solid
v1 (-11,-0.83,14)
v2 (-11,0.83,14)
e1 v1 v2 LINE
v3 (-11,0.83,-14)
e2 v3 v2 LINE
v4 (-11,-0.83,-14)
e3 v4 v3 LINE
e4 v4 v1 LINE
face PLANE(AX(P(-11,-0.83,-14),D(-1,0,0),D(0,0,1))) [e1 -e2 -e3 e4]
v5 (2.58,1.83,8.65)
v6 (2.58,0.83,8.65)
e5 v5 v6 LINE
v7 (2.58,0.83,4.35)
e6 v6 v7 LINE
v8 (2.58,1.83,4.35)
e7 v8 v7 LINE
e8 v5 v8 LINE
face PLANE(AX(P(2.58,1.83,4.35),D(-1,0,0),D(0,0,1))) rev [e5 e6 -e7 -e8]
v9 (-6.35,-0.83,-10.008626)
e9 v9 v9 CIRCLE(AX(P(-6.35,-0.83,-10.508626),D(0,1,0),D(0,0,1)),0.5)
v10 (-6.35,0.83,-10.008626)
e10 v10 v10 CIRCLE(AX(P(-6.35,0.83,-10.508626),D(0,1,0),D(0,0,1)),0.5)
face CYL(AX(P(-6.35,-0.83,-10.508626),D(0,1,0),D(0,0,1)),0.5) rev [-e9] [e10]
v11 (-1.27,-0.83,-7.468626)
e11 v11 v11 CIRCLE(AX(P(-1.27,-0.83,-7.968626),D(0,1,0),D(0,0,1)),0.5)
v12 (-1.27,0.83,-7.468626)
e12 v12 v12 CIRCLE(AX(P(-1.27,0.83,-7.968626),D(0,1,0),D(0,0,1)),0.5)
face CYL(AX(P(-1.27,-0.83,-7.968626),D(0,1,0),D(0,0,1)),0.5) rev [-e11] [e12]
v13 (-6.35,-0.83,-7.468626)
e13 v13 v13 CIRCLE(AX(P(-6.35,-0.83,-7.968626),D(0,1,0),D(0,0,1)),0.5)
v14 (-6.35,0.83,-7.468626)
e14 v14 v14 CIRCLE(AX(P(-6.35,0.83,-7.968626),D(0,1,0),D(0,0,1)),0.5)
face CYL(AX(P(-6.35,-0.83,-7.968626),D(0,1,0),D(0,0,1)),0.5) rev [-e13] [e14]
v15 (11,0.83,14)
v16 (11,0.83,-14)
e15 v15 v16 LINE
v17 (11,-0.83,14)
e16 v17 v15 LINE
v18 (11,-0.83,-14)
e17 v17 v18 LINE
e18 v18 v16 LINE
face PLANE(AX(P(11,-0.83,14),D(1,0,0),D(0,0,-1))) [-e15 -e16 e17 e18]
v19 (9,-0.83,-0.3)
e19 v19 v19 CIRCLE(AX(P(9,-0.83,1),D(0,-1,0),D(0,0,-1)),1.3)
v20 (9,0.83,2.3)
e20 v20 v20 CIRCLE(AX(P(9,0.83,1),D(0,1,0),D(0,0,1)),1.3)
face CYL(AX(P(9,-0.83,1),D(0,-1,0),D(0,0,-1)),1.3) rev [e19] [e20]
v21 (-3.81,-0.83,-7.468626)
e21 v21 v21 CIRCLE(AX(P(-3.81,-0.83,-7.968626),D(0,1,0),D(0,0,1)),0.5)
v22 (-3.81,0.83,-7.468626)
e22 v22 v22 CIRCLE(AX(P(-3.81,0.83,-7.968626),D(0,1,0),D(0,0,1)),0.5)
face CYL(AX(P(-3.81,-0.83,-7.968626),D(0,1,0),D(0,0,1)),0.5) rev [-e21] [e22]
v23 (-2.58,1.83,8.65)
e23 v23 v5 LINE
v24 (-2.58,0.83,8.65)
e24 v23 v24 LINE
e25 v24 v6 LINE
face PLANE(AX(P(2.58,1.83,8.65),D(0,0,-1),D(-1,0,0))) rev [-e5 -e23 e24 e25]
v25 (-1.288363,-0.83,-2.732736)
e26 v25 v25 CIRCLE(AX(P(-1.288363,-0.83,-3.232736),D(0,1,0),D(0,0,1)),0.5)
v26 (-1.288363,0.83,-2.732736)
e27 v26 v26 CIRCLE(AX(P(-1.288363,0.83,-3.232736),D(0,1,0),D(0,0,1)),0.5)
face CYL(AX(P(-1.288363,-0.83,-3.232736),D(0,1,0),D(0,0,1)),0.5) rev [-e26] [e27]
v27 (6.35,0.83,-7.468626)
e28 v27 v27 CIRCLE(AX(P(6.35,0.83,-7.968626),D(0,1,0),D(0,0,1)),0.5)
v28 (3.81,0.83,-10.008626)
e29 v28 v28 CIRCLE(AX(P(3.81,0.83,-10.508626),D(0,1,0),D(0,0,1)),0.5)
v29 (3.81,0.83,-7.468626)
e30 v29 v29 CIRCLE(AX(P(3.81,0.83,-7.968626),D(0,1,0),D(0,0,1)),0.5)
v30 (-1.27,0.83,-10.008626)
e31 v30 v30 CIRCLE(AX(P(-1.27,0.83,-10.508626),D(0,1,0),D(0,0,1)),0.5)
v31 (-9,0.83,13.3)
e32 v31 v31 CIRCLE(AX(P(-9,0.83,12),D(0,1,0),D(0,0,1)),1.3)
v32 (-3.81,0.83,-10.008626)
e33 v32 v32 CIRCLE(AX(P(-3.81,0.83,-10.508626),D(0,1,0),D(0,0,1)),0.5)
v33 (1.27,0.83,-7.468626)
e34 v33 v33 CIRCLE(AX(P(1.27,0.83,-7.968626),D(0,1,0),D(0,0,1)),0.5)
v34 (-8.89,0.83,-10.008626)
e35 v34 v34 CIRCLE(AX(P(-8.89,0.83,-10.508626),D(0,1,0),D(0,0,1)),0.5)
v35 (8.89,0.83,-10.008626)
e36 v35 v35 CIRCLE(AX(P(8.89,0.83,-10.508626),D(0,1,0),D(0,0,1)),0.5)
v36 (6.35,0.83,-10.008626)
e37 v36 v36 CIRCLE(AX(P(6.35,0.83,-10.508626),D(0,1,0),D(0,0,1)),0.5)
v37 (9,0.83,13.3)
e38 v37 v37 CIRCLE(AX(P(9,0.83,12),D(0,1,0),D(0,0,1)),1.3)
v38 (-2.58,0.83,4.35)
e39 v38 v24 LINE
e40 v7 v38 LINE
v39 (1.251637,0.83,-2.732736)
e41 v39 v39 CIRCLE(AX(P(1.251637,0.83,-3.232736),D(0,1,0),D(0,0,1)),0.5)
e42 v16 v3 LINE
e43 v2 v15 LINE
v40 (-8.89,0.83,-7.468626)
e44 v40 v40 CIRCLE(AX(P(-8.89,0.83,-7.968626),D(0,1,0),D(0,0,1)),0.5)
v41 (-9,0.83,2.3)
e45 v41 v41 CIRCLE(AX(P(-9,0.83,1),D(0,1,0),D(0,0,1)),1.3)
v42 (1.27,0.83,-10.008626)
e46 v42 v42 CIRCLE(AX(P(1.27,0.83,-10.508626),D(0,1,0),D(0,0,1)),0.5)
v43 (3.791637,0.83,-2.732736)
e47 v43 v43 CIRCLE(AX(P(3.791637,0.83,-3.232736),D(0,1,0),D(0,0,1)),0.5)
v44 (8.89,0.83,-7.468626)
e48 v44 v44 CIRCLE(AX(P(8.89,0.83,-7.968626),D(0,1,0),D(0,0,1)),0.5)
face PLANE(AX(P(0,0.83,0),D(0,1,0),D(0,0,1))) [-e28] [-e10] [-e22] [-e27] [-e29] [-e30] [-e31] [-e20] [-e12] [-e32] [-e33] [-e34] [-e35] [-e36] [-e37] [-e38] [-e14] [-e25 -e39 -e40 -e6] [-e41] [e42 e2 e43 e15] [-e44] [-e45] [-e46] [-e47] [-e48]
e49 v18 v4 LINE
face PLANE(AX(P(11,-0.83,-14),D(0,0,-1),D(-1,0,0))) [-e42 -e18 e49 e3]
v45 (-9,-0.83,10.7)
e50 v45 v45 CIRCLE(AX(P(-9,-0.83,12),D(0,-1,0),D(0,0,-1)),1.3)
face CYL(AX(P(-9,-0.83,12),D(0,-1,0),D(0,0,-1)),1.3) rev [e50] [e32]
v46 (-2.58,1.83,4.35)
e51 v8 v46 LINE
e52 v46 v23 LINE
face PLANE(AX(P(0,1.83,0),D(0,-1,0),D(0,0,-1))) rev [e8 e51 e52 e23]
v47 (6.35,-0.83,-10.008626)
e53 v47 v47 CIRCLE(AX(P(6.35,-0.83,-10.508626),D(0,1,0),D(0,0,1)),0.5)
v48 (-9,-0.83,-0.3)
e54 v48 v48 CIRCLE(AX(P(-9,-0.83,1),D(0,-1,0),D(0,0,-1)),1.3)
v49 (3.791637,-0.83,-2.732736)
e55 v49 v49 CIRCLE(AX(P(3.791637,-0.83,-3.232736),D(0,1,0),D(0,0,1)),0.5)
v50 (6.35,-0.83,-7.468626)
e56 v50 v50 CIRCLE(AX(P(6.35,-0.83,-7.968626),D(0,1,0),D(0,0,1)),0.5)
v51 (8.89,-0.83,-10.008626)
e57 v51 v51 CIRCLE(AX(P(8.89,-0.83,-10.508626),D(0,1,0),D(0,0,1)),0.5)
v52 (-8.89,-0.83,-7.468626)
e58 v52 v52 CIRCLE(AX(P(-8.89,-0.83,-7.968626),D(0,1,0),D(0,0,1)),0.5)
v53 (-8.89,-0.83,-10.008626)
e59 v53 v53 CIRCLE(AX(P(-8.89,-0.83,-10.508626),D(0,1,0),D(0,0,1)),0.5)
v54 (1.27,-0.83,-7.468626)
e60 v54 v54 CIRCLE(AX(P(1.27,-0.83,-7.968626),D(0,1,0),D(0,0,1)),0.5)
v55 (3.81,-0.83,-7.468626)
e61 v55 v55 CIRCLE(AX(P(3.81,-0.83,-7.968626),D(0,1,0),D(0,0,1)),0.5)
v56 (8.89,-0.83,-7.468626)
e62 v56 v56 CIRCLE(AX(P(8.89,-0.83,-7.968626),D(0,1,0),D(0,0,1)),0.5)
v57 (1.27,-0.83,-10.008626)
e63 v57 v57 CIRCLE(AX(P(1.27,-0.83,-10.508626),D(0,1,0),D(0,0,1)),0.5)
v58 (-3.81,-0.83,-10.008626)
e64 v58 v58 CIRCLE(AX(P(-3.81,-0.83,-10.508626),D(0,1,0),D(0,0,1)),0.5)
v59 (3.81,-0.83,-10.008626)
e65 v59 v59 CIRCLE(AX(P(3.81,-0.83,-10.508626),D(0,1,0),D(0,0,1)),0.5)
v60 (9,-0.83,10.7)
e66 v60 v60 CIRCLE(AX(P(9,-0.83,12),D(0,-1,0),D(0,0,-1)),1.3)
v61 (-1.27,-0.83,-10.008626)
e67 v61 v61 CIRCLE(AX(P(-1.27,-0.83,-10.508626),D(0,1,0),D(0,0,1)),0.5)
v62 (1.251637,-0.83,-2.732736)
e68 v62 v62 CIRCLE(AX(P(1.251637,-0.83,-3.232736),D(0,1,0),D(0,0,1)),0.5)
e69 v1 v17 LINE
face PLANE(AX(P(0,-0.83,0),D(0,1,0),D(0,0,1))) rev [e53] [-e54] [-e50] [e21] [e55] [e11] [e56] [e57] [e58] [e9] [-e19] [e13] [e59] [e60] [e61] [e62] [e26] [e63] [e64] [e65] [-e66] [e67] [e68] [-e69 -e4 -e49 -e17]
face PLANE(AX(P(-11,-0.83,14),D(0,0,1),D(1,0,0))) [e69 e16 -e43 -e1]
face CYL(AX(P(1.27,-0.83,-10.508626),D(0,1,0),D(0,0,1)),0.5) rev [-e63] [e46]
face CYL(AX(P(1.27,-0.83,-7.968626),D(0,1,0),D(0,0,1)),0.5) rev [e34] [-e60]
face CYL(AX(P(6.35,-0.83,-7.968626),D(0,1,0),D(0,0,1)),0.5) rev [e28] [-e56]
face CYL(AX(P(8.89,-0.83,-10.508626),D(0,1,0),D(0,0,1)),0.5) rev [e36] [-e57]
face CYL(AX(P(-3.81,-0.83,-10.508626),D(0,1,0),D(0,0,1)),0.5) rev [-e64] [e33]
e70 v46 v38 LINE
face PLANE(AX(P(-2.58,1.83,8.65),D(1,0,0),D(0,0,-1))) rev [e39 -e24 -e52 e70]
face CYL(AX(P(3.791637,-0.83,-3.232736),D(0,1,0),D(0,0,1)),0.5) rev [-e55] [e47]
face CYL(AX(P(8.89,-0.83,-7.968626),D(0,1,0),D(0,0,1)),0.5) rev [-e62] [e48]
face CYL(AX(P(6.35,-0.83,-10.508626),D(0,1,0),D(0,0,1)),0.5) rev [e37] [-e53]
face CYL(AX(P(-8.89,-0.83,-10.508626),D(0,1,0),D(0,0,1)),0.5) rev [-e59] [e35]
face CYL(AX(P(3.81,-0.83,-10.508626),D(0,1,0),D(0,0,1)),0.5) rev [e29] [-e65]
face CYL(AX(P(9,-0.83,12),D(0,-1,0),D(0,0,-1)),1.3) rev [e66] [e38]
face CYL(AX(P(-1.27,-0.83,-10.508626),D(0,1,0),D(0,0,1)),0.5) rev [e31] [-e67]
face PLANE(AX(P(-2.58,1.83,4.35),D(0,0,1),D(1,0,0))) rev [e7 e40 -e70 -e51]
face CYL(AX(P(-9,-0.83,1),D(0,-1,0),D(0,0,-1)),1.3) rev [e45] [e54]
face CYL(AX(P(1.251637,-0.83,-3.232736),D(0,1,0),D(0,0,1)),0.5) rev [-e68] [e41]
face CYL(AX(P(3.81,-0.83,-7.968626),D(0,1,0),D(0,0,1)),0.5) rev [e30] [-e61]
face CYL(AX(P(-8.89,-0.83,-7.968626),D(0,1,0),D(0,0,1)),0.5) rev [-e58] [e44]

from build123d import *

# Parameters (mm, degrees)
SKETCH1_W                      = 22
SKETCH1_H                      = 28
BOSS_EXTRUDE1_DEPTH            = 1.66
SKETCH2_W                      = 5.16
SKETCH2_H                      = 4.3
BOSS_EXTRUDE2_DEPTH            = 1
F_2_6_2_6_DIAMETER_HOLE1_D     = 2.6
F_2_6_2_6_DIAMETER_HOLE1_DEPTH = 2.66
SKETCH6_R                      = 0.5
CUT_EXTRUDE1_DEPTH             = 18.881711327


with BuildPart() as part:
    # Sketch1 → Boss-Extrude1 (new body)
    with BuildSketch(Plane(origin=(0, 0.83, 0), x_dir=(1, 0, 0), z_dir=(0, 1, 0))):
        Rectangle(SKETCH1_W, SKETCH1_H)
    extrude(amount=-BOSS_EXTRUDE1_DEPTH)

    # Sketch2 → Boss-Extrude2 (add)
    with BuildSketch(Plane(origin=(0, 0.83, 0), x_dir=(-1, 0, 0), z_dir=(0, 1, 0))):
        with Locations((0, 6.5)):
            Rectangle(SKETCH2_W, SKETCH2_H)
    extrude(amount=BOSS_EXTRUDE2_DEPTH)

    # Ø2.6 (2.6) Diameter Hole1
    with Locations(Plane(origin=(0, -0.83, 0), x_dir=(-1, 0, 0), z_dir=(0, -1, 0))):
        with Locations((9, -1), (-9, -1), (9, -12), (-9, -12)):
            Hole(F_2_6_2_6_DIAMETER_HOLE1_D / 2, depth=F_2_6_2_6_DIAMETER_HOLE1_DEPTH)

    # Sketch6 → Cut-Extrude1 (cut, through all)
    with BuildSketch(Plane(origin=(0, 0.83, 0), x_dir=(1, 0, 0), z_dir=(0, 1, 0))):
        with Locations((-8.89, 10.508626005)):
            Circle(SKETCH6_R)
        with Locations((-8.89, 7.968626005)):
            Circle(SKETCH6_R)
        with Locations((-6.35, 10.508626005)):
            Circle(SKETCH6_R)
        with Locations((-6.35, 7.968626005)):
            Circle(SKETCH6_R)
        with Locations((-3.81, 10.508626005)):
            Circle(SKETCH6_R)
        with Locations((-3.81, 7.968626005)):
            Circle(SKETCH6_R)
        with Locations((-1.27, 10.508626005)):
            Circle(SKETCH6_R)
        with Locations((-1.27, 7.968626005)):
            Circle(SKETCH6_R)
        with Locations((1.27, 10.508626005)):
            Circle(SKETCH6_R)
        with Locations((1.27, 7.968626005)):
            Circle(SKETCH6_R)
        with Locations((3.81, 10.508626005)):
            Circle(SKETCH6_R)
        with Locations((3.81, 7.968626005)):
            Circle(SKETCH6_R)
        with Locations((6.35, 10.508626005)):
            Circle(SKETCH6_R)
        with Locations((6.35, 7.968626005)):
            Circle(SKETCH6_R)
        with Locations((8.89, 10.508626005)):
            Circle(SKETCH6_R)
        with Locations((8.89, 7.968626005)):
            Circle(SKETCH6_R)
        with Locations((-1.288362942, 3.232735908)):
            Circle(SKETCH6_R)
        with Locations((1.251637058, 3.232735908)):
            Circle(SKETCH6_R)
        with Locations((3.791637058, 3.232735908)):
            Circle(SKETCH6_R)
    extrude(amount=-CUT_EXTRUDE1_DEPTH, mode=Mode.SUBTRACT)


solid = part.part
